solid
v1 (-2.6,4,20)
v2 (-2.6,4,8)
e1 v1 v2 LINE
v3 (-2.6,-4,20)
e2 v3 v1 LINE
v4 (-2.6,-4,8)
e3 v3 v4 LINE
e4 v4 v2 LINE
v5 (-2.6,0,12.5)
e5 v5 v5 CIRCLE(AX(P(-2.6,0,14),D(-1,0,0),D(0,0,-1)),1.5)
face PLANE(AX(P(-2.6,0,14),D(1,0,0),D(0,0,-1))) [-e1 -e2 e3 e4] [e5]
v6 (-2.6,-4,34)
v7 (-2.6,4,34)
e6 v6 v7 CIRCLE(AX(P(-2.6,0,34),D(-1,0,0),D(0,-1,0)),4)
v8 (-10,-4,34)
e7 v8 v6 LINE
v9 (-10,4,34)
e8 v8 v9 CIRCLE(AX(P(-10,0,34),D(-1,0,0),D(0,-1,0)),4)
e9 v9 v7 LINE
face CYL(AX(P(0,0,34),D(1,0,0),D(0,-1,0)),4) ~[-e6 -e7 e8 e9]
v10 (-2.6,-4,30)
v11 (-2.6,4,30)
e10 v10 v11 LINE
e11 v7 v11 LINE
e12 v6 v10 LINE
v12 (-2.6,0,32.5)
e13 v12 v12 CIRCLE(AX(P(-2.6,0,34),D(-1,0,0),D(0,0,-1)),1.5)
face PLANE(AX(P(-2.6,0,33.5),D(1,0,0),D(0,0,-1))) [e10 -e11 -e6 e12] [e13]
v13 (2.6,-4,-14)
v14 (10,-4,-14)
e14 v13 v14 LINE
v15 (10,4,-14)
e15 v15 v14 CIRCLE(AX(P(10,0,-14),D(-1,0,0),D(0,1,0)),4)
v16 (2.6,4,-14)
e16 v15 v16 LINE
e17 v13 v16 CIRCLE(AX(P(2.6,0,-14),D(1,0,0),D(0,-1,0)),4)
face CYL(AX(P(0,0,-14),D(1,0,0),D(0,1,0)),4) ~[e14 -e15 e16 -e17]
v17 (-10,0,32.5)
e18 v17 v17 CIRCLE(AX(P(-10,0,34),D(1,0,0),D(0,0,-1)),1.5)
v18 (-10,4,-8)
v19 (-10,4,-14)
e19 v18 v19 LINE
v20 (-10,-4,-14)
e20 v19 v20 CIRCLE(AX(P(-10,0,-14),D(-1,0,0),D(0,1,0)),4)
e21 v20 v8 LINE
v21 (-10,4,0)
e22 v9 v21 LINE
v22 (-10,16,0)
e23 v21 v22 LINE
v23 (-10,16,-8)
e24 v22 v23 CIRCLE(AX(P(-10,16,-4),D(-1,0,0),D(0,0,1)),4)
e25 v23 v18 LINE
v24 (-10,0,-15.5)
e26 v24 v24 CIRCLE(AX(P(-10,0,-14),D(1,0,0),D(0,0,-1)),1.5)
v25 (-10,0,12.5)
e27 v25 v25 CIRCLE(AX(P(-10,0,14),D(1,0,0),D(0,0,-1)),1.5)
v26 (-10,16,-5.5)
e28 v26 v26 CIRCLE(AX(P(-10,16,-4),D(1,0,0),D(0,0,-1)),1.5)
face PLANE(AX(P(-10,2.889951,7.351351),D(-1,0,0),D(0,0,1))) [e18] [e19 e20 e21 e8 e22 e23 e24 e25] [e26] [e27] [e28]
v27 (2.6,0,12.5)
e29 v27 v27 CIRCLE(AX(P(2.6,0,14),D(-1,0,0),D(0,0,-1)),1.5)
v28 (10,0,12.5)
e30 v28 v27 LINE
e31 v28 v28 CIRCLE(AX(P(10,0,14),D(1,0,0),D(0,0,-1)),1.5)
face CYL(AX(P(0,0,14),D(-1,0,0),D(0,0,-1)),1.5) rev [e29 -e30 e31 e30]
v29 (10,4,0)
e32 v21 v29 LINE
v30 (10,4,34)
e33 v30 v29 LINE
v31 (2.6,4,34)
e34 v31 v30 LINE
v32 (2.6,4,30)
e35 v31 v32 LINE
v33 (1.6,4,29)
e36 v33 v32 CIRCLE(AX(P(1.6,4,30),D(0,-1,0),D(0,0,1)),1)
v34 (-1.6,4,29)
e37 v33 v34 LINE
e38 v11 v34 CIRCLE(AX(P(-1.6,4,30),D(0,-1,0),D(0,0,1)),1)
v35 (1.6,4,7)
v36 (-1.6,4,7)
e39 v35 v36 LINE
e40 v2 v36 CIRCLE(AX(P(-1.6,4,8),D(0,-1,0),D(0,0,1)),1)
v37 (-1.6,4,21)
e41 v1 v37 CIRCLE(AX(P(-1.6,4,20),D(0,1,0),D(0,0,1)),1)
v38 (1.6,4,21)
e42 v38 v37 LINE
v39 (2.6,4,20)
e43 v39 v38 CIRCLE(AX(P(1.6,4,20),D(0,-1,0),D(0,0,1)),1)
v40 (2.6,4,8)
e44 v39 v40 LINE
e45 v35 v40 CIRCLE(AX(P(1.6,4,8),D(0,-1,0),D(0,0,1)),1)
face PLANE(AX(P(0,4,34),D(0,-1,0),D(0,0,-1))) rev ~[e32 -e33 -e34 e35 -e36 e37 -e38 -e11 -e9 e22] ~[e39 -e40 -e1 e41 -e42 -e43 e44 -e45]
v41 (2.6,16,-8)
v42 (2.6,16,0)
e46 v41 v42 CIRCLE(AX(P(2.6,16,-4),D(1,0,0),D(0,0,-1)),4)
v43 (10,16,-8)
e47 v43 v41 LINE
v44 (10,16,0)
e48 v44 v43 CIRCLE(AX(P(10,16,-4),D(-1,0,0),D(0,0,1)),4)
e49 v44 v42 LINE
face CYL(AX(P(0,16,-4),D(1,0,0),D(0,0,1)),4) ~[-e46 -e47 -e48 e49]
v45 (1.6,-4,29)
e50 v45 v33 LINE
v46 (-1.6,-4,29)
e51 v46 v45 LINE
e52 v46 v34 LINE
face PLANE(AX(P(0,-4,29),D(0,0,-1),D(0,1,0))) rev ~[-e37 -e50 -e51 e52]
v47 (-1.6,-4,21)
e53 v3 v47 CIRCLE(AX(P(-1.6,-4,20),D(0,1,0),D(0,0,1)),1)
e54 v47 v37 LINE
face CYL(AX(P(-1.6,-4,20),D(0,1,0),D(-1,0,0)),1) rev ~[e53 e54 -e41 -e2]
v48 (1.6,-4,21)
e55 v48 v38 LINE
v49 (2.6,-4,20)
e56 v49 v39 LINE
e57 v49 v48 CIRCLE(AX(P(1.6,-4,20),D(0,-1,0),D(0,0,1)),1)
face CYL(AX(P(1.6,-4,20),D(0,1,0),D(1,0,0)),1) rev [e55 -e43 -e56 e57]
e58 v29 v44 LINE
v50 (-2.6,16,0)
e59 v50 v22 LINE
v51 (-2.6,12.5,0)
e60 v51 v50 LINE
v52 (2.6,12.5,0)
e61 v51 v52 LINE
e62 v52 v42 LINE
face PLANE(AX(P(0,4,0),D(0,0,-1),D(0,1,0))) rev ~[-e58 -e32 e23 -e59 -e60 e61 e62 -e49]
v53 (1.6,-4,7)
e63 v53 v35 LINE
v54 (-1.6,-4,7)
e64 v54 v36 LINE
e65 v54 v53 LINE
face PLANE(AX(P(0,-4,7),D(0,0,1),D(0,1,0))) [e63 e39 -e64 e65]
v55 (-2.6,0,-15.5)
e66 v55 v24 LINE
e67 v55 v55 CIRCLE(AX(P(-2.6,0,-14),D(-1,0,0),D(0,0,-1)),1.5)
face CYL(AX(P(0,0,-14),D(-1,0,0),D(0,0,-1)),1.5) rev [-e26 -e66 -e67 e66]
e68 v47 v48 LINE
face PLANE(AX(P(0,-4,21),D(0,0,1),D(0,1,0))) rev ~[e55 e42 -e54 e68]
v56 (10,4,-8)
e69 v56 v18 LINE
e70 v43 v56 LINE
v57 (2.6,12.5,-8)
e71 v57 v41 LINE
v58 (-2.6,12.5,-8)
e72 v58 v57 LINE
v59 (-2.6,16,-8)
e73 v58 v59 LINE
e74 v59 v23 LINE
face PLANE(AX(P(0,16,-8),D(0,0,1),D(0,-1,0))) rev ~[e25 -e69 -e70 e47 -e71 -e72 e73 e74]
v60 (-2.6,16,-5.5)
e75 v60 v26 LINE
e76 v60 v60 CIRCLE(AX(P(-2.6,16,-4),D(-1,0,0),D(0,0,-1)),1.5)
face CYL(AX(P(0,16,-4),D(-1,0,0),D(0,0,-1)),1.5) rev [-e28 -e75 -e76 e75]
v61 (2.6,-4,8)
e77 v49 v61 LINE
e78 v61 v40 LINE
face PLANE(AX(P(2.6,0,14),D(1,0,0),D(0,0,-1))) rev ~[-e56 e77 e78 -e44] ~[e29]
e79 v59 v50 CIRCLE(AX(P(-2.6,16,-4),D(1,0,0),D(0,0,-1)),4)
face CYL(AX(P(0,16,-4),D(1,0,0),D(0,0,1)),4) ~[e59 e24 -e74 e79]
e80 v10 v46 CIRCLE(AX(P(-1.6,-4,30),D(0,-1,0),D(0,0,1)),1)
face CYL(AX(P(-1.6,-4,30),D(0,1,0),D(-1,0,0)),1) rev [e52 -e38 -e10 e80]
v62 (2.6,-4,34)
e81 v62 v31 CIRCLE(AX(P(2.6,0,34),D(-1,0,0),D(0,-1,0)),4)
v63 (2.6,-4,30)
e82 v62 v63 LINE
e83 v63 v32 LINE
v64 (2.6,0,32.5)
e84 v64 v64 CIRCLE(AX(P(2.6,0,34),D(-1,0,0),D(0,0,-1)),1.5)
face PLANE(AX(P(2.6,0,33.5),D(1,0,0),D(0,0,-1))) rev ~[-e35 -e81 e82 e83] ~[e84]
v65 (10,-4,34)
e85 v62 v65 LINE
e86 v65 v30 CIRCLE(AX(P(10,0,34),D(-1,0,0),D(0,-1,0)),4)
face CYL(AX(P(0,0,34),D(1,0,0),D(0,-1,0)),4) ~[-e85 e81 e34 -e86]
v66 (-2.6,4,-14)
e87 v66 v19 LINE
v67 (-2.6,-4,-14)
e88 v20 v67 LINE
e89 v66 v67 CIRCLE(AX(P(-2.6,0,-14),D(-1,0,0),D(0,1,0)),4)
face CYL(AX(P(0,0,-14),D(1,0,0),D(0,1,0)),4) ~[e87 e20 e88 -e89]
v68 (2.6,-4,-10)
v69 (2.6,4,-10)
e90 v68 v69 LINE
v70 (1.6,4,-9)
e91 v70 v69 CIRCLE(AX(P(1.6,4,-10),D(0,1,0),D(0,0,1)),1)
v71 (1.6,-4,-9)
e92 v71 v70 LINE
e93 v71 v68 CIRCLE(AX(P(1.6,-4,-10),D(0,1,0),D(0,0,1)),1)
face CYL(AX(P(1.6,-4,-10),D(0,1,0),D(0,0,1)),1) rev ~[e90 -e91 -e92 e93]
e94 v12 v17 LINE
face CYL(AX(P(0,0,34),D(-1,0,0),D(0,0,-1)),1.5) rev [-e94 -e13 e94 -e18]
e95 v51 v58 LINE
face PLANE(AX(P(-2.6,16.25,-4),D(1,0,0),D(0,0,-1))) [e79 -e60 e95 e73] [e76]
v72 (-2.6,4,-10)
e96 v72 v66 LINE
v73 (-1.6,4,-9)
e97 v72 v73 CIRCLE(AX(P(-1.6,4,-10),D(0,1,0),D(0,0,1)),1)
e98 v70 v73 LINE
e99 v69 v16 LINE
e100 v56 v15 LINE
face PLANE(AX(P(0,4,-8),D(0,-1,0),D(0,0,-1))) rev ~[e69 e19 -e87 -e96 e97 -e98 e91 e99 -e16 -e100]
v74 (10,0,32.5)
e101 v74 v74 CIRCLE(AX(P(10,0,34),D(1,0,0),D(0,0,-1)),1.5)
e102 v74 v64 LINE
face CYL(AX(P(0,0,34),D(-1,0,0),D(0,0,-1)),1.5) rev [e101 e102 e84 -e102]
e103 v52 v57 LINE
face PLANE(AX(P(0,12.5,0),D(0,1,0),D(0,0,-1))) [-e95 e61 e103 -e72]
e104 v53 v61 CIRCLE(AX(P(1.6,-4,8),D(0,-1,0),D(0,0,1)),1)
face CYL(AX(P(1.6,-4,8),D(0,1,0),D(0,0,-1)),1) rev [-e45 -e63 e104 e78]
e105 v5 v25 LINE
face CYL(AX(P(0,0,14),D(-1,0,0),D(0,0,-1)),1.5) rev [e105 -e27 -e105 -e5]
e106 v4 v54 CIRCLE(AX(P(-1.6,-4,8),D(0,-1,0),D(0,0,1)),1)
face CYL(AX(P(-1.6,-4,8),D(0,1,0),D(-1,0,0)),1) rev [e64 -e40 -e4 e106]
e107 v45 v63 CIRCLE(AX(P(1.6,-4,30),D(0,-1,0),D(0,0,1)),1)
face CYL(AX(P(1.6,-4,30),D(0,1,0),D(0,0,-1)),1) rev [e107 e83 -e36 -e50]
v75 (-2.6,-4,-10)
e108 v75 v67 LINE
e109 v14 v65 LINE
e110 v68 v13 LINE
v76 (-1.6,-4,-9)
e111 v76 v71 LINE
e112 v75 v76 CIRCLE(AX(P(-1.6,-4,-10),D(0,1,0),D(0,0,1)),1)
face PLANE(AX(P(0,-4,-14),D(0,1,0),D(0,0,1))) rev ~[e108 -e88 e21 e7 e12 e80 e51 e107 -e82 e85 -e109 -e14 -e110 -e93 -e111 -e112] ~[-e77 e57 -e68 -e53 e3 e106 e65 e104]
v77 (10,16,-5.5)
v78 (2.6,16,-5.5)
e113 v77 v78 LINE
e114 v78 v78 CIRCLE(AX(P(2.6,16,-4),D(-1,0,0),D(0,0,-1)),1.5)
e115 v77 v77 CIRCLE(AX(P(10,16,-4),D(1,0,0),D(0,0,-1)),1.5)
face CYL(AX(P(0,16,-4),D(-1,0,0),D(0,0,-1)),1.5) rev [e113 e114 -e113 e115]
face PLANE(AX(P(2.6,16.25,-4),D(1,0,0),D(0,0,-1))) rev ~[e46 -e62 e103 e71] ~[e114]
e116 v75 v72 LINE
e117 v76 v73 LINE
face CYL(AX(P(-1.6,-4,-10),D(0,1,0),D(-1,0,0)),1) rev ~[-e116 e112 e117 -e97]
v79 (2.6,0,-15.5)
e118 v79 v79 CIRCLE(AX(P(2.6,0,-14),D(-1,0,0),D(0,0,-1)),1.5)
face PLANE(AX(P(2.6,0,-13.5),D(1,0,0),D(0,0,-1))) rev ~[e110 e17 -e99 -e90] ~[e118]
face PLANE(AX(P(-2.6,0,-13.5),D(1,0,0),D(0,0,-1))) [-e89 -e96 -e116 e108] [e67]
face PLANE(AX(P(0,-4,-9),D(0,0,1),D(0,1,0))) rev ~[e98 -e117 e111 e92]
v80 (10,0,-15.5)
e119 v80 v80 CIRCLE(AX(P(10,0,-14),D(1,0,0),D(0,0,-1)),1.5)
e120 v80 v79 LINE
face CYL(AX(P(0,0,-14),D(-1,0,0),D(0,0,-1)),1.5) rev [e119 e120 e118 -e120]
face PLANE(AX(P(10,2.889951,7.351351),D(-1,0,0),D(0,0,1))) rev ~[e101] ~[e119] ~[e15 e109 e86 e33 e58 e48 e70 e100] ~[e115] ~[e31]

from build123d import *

# Parameters (mm, degrees)
CROQUIS1_R              = 1.5
SALIENTE_EXTRUIR1_DEPTH = 10
CROQUIS2_W              = 8
CROQUIS2_H              = 7.5
CROQUIS2_W_2            = 14
CROQUIS2_H_2            = 8
CROQUIS2_W_3            = 9
CORTAR_EXTRUIR1_DEPTH   = 2.6
REDONDEO1_R             = 1


with BuildPart() as part:
    # Croquis1 → Saliente-Extruir1 (new, symmetric)
    with BuildSketch(Plane(origin=(0, 0, 0), x_dir=(0, 0, -1), z_dir=(1, 0, 0))):
        with BuildLine():
            Line((-14, 4), (0, 4))
            Line((0, 4), (0, 16))
            ThreePointArc((0, 16), (4, 20), (8, 16))
            Line((8, 16), (8, 4))
            Line((8, 4), (14, 4))
            ThreePointArc((14, 4), (18, 0), (14, -4))
            Line((14, -4), (-14, -4))
            Line((-14, -4), (-34, -4))
            ThreePointArc((-34, -4), (-38, 0), (-34, 4))
            Line((-34, 4), (-14, 4))
        make_face()
        with Locations((14, 0)):
            Circle(CROQUIS1_R, mode=Mode.SUBTRACT)
        with Locations((4, 16)):
            Circle(CROQUIS1_R, mode=Mode.SUBTRACT)
        with Locations((-14, 0)):
            Circle(CROQUIS1_R, mode=Mode.SUBTRACT)
        with Locations((-34, 0)):
            Circle(CROQUIS1_R, mode=Mode.SUBTRACT)
    extrude(amount=SALIENTE_EXTRUIR1_DEPTH, both=True)

    # Croquis2 → Cortar-Extruir1 (cut, symmetric)
    with BuildSketch(Plane(origin=(0, 0, 0), x_dir=(0, 0, -1), z_dir=(1, 0, 0))):
        with Locations((4, 16.25)):
            Rectangle(CROQUIS2_W, CROQUIS2_H)
        with Locations((-14, 0)):
            Rectangle(CROQUIS2_W_2, CROQUIS2_H_2)
        with Locations((13.5, 0)):
            Rectangle(CROQUIS2_W_3, CROQUIS2_H_2)
        with Locations((-33.5, 0)):
            Rectangle(CROQUIS2_W_3, CROQUIS2_H_2)
    extrude(amount=CORTAR_EXTRUIR1_DEPTH, both=True, mode=Mode.SUBTRACT)

    # Redondeo1
    redondeo1_edges = [part.edges().sort_by_distance(p)[0] for p in [
        (2.6, 0, -9),
        (-2.6, 0, -9),
        (-2.6, 0, 7),
        (-2.6, 0, 21),
        (2.6, 0, 7),
        (2.6, 0, 21),
        (2.6, 0, 29),
        (-2.6, 0, 29),
    ]]
    fillet(redondeo1_edges, radius=REDONDEO1_R)


solid = part.part
